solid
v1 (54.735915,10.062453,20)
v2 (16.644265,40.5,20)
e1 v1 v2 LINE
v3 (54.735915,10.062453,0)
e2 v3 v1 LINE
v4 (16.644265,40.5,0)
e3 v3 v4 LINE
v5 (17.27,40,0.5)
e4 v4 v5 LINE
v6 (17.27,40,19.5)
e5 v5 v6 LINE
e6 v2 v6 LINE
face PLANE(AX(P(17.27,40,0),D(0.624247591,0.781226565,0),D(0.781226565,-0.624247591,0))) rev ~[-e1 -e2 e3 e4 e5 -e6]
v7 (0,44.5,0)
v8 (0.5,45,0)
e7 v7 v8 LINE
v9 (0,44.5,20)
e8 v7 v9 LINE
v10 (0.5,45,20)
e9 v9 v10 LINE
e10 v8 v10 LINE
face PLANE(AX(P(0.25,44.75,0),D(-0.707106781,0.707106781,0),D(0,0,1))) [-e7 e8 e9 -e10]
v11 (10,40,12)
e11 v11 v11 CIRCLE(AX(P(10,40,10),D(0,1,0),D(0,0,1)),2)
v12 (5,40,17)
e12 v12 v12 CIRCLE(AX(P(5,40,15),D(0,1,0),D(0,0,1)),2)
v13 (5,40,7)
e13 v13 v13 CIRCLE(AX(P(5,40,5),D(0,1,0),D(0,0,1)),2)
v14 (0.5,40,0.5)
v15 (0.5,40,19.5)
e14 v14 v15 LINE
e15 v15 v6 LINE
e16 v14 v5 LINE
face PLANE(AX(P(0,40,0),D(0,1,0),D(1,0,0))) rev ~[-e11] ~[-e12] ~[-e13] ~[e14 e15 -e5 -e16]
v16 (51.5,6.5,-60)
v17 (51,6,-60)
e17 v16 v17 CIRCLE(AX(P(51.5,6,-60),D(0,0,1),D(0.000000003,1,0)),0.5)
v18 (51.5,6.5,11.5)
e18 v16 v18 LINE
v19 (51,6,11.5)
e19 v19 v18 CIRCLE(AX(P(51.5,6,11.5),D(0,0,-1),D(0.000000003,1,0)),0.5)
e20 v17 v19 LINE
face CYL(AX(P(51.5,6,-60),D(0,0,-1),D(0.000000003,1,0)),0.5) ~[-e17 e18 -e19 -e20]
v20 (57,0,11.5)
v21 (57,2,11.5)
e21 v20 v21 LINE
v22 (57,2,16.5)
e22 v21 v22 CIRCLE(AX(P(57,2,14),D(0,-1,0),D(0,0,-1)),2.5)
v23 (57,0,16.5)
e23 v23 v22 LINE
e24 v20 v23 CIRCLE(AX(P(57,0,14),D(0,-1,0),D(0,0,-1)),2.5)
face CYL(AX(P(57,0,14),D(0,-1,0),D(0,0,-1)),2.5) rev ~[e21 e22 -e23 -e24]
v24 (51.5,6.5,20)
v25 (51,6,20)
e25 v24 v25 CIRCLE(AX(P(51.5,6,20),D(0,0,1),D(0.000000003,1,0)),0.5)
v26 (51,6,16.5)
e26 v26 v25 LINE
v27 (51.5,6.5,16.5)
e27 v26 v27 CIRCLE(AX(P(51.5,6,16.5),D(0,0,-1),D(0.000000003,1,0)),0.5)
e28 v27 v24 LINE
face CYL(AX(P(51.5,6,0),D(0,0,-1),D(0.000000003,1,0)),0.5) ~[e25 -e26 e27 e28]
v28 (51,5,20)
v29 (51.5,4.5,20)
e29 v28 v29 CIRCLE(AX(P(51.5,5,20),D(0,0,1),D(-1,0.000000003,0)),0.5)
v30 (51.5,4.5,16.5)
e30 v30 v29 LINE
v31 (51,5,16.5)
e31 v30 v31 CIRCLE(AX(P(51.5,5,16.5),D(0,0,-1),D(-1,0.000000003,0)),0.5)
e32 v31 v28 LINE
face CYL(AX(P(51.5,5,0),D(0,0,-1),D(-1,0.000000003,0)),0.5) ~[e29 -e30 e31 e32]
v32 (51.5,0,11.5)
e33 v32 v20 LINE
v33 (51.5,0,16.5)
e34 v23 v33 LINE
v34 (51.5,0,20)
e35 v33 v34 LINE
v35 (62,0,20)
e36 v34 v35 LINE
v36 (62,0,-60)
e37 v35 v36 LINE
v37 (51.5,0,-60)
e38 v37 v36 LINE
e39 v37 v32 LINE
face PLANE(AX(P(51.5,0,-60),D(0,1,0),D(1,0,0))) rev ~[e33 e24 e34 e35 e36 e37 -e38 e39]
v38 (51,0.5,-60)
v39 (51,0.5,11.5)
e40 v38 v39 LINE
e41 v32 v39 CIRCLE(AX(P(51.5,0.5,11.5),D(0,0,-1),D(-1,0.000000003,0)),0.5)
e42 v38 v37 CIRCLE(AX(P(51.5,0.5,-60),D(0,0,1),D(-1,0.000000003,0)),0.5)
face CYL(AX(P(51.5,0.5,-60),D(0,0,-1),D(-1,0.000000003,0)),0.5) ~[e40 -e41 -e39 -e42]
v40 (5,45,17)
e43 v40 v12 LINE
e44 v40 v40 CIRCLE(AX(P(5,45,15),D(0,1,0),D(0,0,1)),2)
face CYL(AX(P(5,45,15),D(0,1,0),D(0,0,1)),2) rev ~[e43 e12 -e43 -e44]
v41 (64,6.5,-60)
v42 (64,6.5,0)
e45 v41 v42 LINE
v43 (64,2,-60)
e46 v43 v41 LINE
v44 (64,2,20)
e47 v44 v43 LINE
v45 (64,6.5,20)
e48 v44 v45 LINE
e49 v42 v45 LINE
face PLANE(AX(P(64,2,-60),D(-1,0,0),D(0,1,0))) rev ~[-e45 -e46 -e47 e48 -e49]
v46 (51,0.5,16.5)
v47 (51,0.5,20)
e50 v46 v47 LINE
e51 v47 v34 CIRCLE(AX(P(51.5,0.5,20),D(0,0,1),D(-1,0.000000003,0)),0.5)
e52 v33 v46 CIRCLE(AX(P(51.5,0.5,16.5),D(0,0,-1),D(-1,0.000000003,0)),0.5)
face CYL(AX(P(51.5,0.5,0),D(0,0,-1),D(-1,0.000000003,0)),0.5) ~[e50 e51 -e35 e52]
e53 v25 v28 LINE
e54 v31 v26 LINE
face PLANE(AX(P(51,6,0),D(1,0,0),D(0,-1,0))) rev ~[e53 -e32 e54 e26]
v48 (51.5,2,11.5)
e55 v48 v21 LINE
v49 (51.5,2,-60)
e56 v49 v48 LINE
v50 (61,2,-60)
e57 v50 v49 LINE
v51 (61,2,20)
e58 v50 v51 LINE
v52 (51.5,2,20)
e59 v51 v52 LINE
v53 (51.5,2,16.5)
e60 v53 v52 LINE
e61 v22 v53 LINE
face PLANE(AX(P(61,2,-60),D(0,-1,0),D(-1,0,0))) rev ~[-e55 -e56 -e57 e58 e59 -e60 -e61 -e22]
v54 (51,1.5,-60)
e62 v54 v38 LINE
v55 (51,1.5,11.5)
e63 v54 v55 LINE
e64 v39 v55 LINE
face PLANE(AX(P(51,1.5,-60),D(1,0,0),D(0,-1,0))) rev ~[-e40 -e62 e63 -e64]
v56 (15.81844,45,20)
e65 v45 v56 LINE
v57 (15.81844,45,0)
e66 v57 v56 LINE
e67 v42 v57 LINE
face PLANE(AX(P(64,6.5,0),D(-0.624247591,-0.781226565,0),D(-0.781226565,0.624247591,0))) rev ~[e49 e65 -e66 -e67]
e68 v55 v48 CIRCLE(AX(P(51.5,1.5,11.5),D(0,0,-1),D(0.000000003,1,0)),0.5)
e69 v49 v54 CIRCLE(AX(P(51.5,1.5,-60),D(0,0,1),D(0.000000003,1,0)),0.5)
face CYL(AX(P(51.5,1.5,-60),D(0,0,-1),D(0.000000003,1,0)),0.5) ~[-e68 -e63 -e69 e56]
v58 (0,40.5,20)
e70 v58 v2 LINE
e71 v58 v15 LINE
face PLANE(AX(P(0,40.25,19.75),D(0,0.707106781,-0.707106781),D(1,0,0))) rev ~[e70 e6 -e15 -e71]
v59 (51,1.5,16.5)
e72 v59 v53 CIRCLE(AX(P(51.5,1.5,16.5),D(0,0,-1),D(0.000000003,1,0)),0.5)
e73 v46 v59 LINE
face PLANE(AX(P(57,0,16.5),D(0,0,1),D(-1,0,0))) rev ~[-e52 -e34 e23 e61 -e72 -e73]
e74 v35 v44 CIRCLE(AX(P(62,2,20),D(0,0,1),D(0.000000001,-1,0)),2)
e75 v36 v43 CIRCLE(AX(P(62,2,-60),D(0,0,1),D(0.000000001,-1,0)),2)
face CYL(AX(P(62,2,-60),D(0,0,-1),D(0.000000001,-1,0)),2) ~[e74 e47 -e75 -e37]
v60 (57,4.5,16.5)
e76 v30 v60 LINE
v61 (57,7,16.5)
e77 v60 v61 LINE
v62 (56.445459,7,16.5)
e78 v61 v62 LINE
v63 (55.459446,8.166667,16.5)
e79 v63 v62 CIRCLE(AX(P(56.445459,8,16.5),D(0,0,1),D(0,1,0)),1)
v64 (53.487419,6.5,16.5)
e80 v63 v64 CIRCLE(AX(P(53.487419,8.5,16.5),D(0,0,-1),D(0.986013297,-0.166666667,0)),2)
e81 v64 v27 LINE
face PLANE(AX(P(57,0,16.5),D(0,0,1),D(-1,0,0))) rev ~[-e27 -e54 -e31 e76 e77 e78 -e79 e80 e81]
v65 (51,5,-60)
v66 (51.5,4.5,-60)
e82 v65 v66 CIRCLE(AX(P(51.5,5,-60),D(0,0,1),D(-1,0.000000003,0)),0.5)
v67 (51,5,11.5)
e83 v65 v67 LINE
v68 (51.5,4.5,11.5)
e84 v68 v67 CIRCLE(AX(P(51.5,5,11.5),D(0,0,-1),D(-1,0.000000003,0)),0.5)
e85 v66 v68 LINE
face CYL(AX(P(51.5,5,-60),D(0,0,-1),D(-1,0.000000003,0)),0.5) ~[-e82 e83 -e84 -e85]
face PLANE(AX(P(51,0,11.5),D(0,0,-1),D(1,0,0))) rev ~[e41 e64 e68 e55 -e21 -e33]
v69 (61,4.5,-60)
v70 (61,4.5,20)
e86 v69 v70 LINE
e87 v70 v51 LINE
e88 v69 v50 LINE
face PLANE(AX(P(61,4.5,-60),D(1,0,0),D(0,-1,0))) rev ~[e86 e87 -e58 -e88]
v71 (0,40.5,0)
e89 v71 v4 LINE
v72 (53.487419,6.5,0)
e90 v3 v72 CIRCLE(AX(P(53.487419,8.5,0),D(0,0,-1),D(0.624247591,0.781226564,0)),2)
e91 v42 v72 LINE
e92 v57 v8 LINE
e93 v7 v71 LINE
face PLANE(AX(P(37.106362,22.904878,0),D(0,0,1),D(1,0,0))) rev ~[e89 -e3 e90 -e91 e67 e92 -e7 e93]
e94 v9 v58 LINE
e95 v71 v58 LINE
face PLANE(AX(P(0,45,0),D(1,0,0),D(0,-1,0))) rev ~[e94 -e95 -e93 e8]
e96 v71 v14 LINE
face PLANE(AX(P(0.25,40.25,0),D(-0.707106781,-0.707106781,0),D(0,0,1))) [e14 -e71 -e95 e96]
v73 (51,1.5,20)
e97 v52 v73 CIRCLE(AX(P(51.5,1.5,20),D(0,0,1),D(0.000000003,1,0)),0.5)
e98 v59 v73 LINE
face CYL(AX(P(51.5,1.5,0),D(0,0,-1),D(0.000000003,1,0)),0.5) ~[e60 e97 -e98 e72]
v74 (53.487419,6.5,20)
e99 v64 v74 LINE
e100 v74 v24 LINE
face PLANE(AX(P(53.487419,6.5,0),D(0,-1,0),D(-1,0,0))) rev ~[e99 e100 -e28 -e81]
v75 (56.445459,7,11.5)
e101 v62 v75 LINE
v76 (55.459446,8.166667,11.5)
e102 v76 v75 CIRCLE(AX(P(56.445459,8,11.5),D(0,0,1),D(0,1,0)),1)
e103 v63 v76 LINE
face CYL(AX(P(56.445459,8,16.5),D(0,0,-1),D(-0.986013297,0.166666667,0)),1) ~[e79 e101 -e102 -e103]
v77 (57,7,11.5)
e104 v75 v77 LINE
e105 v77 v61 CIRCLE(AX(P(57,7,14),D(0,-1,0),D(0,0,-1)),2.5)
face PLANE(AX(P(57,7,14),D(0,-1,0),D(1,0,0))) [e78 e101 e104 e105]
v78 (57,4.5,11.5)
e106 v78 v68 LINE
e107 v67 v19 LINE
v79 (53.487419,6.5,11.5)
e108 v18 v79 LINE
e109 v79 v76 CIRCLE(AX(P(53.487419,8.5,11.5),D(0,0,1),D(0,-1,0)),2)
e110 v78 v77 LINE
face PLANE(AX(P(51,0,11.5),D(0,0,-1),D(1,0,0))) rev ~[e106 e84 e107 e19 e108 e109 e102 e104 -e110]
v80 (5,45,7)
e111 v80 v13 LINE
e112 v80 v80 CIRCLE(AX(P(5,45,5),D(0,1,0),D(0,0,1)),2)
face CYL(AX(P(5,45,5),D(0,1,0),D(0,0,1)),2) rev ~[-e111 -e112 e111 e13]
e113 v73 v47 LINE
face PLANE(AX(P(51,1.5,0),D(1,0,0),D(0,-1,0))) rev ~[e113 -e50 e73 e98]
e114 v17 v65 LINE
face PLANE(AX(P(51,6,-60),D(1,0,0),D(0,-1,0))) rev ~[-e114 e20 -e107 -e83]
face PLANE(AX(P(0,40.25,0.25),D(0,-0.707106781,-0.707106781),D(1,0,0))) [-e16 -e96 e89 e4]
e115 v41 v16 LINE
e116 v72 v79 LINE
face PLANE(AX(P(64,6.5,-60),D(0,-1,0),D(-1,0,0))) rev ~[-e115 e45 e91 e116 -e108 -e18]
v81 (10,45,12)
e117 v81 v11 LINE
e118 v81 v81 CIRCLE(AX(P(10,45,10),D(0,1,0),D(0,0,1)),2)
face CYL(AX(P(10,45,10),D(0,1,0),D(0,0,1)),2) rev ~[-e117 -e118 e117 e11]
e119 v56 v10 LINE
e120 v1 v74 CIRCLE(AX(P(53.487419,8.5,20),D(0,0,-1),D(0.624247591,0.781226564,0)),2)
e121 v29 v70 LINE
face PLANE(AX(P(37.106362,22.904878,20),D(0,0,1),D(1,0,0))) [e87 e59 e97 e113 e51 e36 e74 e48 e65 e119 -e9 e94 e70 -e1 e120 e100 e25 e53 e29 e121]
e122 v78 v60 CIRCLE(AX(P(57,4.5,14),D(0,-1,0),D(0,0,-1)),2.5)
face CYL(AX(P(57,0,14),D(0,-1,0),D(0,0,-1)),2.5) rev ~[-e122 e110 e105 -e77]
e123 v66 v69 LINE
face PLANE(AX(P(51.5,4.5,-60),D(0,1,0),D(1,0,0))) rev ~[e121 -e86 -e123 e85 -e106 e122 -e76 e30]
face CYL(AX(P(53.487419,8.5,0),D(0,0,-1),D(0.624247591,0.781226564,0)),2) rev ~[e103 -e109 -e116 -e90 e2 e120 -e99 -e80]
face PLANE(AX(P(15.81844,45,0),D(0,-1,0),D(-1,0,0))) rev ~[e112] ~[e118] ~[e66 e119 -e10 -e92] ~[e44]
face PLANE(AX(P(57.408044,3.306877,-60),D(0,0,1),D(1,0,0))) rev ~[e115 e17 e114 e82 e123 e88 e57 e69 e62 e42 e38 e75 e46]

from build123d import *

# Parameters (mm, degrees)
EXTRUDE_1_DEPTH     = 20
SKETCH_2_R          = 2.5
SKETCH_2_W          = 0.5
SKETCH_2_H          = 5
CUT_EXTRUDE_1_DEPTH = 7
FILLET_2_R          = 1
EXTRUDE_START       = 60
EXTRUDE_2_DEPTH     = 60
SKETCH_4_R          = 2
CUT_EXTRUDE_2_DEPTH = 5
CHAMFER_1_SIZE      = 0.5


with BuildPart() as part:
    # 草图1 → 凸台-拉伸1 (new body)
    with BuildSketch(Plane.XY):
        with BuildLine():
            Line((51.5, 0), (62, 0))
            ThreePointArc((62, 0), (63.414213562, 0.585786438), (64, 2))
            Line((64, 2), (64, 6.5))
            Line((64, 6.5), (15.818440015, 45))
            Line((15.818440015, 45), (0, 45))
            Line((0, 45), (0, 40))
            Line((0, 40), (17.27, 40))
            Line((17.27, 40), (54.735914555, 10.062453129))
            ThreePointArc((54.735914555, 10.062453129), (55.374865565, 7.838526742), (53.487419373, 6.5))
            Line((53.487419373, 6.5), (51.5, 6.5))
            ThreePointArc((51.5, 6.5), (51.146446609, 6.353553391), (51, 6))
            Line((51, 6), (51, 5))
            ThreePointArc((51, 5), (51.146446609, 4.646446609), (51.5, 4.5))
            Line((51.5, 4.5), (61, 4.5))
            Line((61, 4.5), (61, 2))
            Line((61, 2), (51.5, 2))
            ThreePointArc((51.5, 2), (51.146446609, 1.853553391), (51, 1.5))
            Line((51, 1.5), (51, 0.5))
            ThreePointArc((51, 0.5), (51.146446609, 0.146446609), (51.5, 0))
        make_face()
    extrude(amount=EXTRUDE_1_DEPTH)

    # 草图2 → 切除-拉伸1 (cut)
    with BuildSketch(Plane.XZ):
        with Locations((57, 14)):
            Circle(SKETCH_2_R)
        with BuildLine():
            Line((57, 16.5), (51.5, 16.5))
            Line((51.5, 16.5), (51.5, 11.5))
            Line((51.5, 11.5), (57, 11.5))
            ThreePointArc((57, 11.5), (54.5, 14), (57, 16.5))
        make_face()
        with Locations((51.25, 14)):
            Rectangle(SKETCH_2_W, SKETCH_2_H)
    extrude(amount=-CUT_EXTRUDE_1_DEPTH, mode=Mode.SUBTRACT)

    # 圆角2
    fillet_2_edges = [part.edges().sort_by_distance(p)[0] for p in [
        (54.810295028, 7, 14),
    ]]
    fillet(fillet_2_edges, radius=FILLET_2_R)

    # 草图3 → 凸台-拉伸2 (add)
    with BuildSketch(Plane(origin=(0, 0, 0), x_dir=(-1, 0, 0), z_dir=(0, 0, -1)).offset(EXTRUDE_START)):
        with BuildLine():
            Line((-64, 6.5), (-53.487419373, 6.5))
            Line((-53.487419373, 6.5), (-51.5, 6.5))
            ThreePointArc((-51.5, 6.5), (-51.146446609, 6.353553391), (-51, 6))
            Line((-51, 6), (-51, 5))
            ThreePointArc((-51, 5), (-51.146446609, 4.646446609), (-51.5, 4.5))
            Line((-51.5, 4.5), (-61, 4.5))
            Line((-61, 4.5), (-61, 2))
            Line((-61, 2), (-51.5, 2))
            ThreePointArc((-51.5, 2), (-51.146446609, 1.853553391), (-51, 1.5))
            Line((-51, 1.5), (-51, 0.5))
            ThreePointArc((-51, 0.5), (-51.146446609, 0.146446609), (-51.5, 0))
            Line((-51.5, 0), (-62, 0))
            ThreePointArc((-62, 0), (-63.414213562, 0.585786438), (-64, 2))
            Line((-64, 2), (-64, 6.5))
        make_face()
    extrude(amount=-EXTRUDE_2_DEPTH)

    # 草图4 → 切除-拉伸2 (cut)
    with BuildSketch(Plane(origin=(0, 45, 0), x_dir=(1, 0, 0), z_dir=(0, 1, 0))):
        with Locations(Location((5, -5, 0), (0, 0, 270))):
            Circle(SKETCH_4_R)
        with Locations(Location((5, -15, 0), (0, 0, 270))):
            Circle(SKETCH_4_R)
        with Locations(Location((10, -10, 0), (0, 0, 270))):
            Circle(SKETCH_4_R)
    extrude(amount=-CUT_EXTRUDE_2_DEPTH, mode=Mode.SUBTRACT)

    # 倒角1
    chamfer_1_edges = [part.edges().sort_by_distance(p)[0] for p in [
        (8.635, 40, 20),
        (8.635, 40, 0),
        (0, 40, 10),
        (0, 45, 10),
    ]]
    chamfer(chamfer_1_edges, length=CHAMFER_1_SIZE)


solid = part.part
